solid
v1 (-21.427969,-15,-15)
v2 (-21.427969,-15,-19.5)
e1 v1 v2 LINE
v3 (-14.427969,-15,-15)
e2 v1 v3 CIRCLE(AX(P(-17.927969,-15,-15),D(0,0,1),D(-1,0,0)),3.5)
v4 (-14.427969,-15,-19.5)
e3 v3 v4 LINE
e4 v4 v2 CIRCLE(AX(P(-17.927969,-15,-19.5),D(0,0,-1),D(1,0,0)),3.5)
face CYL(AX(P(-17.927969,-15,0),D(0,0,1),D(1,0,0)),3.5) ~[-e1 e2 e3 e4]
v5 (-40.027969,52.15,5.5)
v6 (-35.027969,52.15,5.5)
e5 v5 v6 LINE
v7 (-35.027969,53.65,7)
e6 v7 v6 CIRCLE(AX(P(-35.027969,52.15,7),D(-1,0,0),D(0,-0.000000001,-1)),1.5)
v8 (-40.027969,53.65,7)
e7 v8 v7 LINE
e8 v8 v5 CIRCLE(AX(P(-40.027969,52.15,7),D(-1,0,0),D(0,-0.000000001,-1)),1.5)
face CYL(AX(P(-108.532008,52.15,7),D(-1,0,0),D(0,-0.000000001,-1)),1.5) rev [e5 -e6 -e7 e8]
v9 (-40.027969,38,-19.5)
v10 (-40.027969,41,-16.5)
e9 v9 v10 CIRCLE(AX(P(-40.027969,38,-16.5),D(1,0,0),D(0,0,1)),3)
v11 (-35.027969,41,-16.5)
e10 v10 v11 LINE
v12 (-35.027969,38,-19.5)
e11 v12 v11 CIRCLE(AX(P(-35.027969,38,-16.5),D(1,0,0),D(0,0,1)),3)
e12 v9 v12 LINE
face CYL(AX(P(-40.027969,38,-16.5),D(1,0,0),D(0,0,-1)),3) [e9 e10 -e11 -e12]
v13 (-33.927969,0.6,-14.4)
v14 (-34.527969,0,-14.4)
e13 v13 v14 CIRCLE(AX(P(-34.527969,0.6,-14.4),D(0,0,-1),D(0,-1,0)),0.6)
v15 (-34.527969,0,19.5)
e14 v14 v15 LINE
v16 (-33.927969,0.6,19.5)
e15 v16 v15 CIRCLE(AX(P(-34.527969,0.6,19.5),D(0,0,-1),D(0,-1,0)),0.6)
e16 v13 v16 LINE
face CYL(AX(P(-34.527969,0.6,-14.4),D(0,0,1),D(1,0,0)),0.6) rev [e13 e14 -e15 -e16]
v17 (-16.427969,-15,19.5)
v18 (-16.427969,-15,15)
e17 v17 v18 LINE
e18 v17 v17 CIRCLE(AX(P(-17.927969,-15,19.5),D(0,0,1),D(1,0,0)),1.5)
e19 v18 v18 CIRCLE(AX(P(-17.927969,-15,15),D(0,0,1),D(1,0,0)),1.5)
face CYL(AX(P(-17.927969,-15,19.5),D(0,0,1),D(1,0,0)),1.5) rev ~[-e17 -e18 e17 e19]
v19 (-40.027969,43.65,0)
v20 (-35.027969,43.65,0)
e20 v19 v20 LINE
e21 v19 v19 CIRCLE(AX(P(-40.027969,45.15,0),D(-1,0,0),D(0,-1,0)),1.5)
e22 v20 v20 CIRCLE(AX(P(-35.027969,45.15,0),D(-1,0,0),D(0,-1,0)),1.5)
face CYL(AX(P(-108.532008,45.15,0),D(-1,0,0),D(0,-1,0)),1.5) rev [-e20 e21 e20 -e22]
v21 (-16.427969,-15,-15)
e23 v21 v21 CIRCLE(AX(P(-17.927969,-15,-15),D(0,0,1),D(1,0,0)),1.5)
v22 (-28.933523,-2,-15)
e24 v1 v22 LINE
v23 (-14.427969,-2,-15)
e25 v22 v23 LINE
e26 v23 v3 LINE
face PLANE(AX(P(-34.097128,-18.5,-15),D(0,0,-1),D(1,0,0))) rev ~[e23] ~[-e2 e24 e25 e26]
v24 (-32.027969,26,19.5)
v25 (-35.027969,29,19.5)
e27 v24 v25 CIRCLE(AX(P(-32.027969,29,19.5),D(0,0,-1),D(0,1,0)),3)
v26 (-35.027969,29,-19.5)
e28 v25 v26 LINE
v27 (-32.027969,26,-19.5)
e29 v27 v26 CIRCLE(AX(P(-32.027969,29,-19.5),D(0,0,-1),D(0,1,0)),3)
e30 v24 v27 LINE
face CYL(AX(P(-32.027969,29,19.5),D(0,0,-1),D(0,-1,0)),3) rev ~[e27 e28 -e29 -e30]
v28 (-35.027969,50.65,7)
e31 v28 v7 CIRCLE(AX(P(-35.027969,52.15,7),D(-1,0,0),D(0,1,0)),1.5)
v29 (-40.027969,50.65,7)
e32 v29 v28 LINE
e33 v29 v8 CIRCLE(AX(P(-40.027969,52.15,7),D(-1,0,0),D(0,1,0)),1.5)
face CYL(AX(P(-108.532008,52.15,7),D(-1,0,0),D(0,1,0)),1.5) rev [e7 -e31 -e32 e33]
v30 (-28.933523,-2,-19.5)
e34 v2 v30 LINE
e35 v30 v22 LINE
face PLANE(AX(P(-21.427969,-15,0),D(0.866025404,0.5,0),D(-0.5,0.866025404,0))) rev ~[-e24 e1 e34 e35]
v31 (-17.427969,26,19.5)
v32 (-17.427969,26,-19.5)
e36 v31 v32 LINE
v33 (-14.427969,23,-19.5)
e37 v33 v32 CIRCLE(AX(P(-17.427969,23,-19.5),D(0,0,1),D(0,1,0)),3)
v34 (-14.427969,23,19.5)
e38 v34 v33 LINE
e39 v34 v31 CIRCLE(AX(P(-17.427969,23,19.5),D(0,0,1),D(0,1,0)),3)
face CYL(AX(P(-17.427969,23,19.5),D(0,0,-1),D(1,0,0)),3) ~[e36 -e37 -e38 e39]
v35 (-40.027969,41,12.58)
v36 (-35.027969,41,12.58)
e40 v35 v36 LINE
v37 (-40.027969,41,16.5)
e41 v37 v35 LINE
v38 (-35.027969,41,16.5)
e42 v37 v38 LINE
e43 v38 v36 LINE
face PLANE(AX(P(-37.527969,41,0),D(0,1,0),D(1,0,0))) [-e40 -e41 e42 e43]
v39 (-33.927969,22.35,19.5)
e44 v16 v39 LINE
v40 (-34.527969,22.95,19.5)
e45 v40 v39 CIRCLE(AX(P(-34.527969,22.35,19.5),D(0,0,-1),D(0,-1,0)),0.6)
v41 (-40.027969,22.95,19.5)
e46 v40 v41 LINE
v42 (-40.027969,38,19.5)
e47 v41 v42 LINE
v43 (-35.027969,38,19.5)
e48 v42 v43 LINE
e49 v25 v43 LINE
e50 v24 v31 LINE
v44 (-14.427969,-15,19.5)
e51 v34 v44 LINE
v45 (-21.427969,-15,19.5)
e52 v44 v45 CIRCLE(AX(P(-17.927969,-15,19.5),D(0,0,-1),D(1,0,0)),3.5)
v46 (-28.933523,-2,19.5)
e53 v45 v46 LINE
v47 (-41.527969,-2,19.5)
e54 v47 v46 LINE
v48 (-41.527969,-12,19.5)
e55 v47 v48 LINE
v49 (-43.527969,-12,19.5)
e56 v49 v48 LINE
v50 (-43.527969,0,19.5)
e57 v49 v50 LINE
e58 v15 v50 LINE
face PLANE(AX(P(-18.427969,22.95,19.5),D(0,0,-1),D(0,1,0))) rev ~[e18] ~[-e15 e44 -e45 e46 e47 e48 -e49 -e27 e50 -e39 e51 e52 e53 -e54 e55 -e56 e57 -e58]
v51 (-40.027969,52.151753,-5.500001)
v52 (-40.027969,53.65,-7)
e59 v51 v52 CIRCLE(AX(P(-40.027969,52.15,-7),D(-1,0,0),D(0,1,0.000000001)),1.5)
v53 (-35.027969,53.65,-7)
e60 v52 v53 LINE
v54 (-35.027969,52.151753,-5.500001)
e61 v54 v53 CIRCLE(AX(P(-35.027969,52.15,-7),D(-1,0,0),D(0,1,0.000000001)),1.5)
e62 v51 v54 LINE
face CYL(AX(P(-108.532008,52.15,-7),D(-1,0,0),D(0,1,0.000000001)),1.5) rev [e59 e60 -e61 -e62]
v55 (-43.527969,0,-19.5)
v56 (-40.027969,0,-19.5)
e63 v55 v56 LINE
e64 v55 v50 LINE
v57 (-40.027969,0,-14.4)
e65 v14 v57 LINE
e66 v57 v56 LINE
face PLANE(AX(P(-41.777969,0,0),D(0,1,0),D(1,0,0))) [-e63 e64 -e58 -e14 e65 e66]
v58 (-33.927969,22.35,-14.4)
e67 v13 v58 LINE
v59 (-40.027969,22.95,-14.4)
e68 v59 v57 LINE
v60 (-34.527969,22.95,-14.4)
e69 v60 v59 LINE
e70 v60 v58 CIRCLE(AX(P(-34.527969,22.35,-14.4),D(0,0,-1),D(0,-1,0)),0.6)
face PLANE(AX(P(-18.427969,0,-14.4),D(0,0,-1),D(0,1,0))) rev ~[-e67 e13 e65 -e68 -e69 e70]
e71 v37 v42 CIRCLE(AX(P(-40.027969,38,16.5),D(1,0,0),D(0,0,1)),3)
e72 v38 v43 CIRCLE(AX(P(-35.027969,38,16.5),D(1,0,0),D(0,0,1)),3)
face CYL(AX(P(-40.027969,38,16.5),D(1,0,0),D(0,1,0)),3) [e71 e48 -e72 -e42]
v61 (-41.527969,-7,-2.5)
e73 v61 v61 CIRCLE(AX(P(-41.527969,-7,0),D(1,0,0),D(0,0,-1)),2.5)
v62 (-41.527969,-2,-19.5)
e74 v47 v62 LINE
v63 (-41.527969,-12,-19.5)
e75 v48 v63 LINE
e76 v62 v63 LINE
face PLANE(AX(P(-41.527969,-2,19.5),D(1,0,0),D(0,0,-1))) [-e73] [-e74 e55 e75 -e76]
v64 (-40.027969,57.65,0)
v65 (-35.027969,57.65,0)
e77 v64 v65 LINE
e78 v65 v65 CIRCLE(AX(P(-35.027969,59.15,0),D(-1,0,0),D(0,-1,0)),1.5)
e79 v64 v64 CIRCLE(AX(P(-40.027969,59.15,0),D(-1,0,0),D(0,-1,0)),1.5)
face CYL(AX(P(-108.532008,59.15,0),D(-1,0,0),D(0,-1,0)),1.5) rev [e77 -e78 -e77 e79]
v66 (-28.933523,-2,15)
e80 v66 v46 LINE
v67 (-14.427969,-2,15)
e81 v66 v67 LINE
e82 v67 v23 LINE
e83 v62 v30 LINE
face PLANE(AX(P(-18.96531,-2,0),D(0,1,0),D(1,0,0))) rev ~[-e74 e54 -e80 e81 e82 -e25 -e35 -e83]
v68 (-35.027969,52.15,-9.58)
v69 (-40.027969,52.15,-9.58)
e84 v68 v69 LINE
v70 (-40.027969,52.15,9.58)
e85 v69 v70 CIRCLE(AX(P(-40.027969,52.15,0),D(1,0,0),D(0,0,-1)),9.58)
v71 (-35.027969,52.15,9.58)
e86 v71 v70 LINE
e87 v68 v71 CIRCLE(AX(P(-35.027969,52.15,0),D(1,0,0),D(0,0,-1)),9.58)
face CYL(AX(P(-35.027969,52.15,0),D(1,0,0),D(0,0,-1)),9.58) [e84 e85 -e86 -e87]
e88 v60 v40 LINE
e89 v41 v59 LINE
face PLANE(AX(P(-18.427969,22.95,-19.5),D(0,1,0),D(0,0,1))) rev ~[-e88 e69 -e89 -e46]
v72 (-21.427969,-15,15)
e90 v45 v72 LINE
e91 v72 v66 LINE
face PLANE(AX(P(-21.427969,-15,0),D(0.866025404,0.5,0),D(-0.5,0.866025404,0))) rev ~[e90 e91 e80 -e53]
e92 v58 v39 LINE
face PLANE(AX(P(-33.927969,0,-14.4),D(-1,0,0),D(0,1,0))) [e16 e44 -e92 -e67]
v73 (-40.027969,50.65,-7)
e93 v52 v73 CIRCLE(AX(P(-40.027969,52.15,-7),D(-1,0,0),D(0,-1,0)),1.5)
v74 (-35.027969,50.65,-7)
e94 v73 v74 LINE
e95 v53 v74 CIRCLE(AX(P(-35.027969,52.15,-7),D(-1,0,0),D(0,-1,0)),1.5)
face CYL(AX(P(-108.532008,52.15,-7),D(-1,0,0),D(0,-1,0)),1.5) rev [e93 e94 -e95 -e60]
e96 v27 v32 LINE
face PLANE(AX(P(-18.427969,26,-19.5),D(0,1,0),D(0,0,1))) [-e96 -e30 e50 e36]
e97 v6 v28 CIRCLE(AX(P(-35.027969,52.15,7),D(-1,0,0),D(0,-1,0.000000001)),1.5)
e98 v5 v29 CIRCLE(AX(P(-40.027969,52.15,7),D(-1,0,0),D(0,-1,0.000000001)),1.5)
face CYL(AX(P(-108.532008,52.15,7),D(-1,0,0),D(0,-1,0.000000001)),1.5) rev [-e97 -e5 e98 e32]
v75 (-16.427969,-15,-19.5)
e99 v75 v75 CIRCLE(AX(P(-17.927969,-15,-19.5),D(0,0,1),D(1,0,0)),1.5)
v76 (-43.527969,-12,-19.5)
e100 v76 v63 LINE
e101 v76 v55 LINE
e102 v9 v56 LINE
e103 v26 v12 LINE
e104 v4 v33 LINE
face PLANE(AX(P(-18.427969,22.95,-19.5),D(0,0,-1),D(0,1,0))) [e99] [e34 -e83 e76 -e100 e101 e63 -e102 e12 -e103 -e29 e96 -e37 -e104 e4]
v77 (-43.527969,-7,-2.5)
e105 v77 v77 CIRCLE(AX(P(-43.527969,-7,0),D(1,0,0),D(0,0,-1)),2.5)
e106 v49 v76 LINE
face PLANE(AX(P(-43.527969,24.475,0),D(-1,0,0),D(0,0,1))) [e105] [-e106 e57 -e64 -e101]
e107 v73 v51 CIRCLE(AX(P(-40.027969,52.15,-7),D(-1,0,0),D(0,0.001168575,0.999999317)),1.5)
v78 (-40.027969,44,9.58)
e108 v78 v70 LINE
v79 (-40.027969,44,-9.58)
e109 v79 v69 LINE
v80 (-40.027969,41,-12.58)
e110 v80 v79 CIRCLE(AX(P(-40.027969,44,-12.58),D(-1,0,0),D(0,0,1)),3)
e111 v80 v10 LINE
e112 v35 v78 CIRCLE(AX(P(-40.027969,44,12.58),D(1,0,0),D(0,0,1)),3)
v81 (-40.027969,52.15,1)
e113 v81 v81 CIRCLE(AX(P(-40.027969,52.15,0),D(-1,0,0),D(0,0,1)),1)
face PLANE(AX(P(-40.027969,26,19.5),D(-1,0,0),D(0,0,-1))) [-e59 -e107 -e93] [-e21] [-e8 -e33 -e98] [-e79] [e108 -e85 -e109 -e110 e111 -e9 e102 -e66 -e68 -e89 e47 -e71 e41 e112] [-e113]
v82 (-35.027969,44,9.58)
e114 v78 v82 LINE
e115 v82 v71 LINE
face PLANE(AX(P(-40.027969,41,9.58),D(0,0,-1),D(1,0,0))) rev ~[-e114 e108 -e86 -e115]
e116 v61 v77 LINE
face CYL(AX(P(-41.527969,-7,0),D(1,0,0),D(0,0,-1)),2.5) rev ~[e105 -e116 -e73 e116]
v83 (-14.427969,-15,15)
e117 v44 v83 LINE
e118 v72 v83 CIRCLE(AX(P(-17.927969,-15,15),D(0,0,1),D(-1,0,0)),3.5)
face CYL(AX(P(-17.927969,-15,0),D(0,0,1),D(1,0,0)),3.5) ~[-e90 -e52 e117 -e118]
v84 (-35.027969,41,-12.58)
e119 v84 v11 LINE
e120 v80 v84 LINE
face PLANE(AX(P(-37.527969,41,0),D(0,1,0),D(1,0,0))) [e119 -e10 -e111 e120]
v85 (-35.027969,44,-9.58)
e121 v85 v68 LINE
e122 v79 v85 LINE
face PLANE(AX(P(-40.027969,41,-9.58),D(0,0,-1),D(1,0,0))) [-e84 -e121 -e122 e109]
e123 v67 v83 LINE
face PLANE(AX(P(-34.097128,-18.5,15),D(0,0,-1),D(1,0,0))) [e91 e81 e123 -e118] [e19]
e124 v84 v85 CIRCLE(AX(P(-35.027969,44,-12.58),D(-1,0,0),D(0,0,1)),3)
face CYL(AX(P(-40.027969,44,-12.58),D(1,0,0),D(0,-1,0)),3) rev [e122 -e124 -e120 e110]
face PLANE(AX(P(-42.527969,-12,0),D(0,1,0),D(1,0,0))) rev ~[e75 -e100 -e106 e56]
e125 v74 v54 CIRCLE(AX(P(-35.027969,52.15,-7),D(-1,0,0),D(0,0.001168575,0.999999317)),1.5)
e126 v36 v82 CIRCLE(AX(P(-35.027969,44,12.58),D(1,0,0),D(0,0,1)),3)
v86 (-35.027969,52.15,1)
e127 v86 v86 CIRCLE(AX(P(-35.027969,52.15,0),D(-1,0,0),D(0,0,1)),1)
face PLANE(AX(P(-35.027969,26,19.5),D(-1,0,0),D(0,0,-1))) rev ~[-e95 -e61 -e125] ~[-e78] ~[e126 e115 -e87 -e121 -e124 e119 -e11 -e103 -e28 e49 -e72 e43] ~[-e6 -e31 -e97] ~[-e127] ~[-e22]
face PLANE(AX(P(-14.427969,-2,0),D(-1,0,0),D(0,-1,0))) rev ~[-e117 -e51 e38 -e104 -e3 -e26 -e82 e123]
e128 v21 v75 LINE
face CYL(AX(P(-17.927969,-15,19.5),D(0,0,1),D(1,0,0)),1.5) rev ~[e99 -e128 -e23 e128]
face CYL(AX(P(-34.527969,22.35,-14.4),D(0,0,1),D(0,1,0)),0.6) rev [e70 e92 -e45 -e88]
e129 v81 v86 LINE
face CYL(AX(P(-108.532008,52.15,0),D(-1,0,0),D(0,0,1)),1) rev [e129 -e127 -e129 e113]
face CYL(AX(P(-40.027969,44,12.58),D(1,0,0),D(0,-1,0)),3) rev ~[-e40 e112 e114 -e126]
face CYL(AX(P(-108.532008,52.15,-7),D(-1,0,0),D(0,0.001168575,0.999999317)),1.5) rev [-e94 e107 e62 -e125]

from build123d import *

# Parameters (mm, degrees)
BOSS_EXTRUDE1_DEPTH      = 19.5
SKETCH3_W                = 2
SKETCH3_H                = 39
BOSS_EXTRUDE2_DEPTH      = 10
SKETCH4_R                = 2.5
CUT_EXTRUDE3_DEPTH       = 10
SKETCH5_W                = 5.1
SKETCH5_H                = 22.95
BOSS_EXTRUDE3_DEPTH      = 25.1
SKETCH8_W                = 15.5
SKETCH8_H                = 22.95
BOSS_EXTRUDE4_DEPTH      = 33.9
BOSS_EXTRUDE5_DEPTH      = 19.5
SKETCH12_W               = 30.263636296
SKETCH12_H               = 30
CUT_EXTRUDE6_DEPTH       = 16.5
SKETCH13_R               = 1.5
CUT_EXTRUDE7_DEPTH       = 64.966273157
FILLET3_R                = 3
SKETCH16_W               = 39
SKETCH16_H               = 3.05
BOSS_EXTRUDE6_DEPTH      = 25.1
SKETCH17_W               = 5
SKETCH17_H               = 39
BOSS_EXTRUDE7_DEPTH      = 15
FILLET4_R                = 3
FILLET11_R               = 0.6
FILLET12_R               = 0.6
SKETCH18_W               = 5
SKETCH18_H               = 19.16
BOSS_EXTRUDE12_DEPTH     = 25.725
CUT_EXTRUDE13_DEPTH      = 73.504038681
CUT_EXTRUDE13_DEPTH_BACK = 73.504038681
CUT_EXTRUDE14_DEPTH      = 73.504038681
FILLET15_R               = 3
FILLET16_R               = 3
FILLET17_R               = 3
FILLET18_R               = 3
SKETCH23_W               = 3.5
SKETCH23_H               = 39
CUT_EXTRUDE15_DEPTH      = 26


with BuildPart() as part:
    # Sketch1 → Boss-Extrude1 (new, symmetric)
    with BuildSketch(Plane.XY):
        Polygon((-18.427969187, 26), (-18.427969187, 0), (-43.527969187, 0), (-43.527969187, -2), (-14.427969187, -2), (-14.427969187, 26), align=None)
    extrude(amount=BOSS_EXTRUDE1_DEPTH, both=True)

    # Sketch3 → Boss-Extrude2 (add)
    with BuildSketch(Plane(origin=(0, -2, 0), x_dir=(1, 0, 0), z_dir=(0, 1, 0))):
        with Locations((-42.527969187, 0)):
            Rectangle(SKETCH3_W, SKETCH3_H)
    extrude(amount=-BOSS_EXTRUDE2_DEPTH)

    # Sketch4 → Cut-Extrude3 (cut)
    with BuildSketch(Plane(origin=(-41.527969187, 0, 0), x_dir=(0, 0, -1), z_dir=(1, 0, 0))):
        with Locations((0, -7)):
            Circle(SKETCH4_R)
    extrude(amount=-CUT_EXTRUDE3_DEPTH, mode=Mode.SUBTRACT)

    # Sketch5 → Boss-Extrude3 (add)
    with BuildSketch(Plane.ZY.offset(18.427969187)):
        with Locations((-16.95, 11.475)):
            Rectangle(SKETCH5_W, SKETCH5_H)
    extrude(amount=BOSS_EXTRUDE3_DEPTH)

    # Sketch8 → Boss-Extrude4 (add)
    with BuildSketch(Plane.XY.offset(-14.4)):
        with Locations((-26.177969187, 11.475)):
            Rectangle(SKETCH8_W, SKETCH8_H)
    extrude(amount=BOSS_EXTRUDE4_DEPTH)

    # Sketch11 → Boss-Extrude5 (add, symmetric)
    with BuildSketch(Plane.XY):
        with BuildLine():
            Line((-14.427969187, -2), (-14.427969187, -15))
            ThreePointArc((-14.427969187, -15), (-17.927969187, -18.5), (-21.427969187, -15))
            Line((-21.427969187, -15), (-28.933522687, -2))
            Line((-28.933522687, -2), (-14.427969187, -2))
        make_face()
    extrude(amount=BOSS_EXTRUDE5_DEPTH, both=True)

    # Sketch12 → Cut-Extrude6 (cut)
    with BuildSketch(Plane(origin=(0, -18.5, 0), x_dir=(1, 0, 0), z_dir=(0, 1, 0))):
        with Locations((-18.965310336, 0)):
            Rectangle(SKETCH12_W, SKETCH12_H)
    extrude(amount=CUT_EXTRUDE6_DEPTH, mode=Mode.SUBTRACT)

    # Sketch13 → Cut-Extrude7 (cut, through all)
    with BuildSketch(Plane.XY.offset(19.5)):
        with Locations((-17.927969187, -15)):
            Circle(SKETCH13_R)
    extrude(amount=-CUT_EXTRUDE7_DEPTH, mode=Mode.SUBTRACT)

    # Fillet3
    fillet3_edges = [part.edges().sort_by_distance(p)[0] for p in [
        (-14.427969187, 26, 0),
    ]]
    fillet(fillet3_edges, radius=FILLET3_R)

    # Sketch16 → Boss-Extrude6 (add)
    with BuildSketch(Plane.ZY.offset(18.427969187)):
        with Locations((0, 24.475)):
            Rectangle(SKETCH16_W, SKETCH16_H)
    extrude(amount=BOSS_EXTRUDE6_DEPTH)

    # Sketch17 → Boss-Extrude7 (add)
    with BuildSketch(Plane(origin=(0, 26, 0), x_dir=(1, 0, 0), z_dir=(0, 1, 0))):
        with Locations((-37.527969187, 0)):
            Rectangle(SKETCH17_W, SKETCH17_H)
    extrude(amount=BOSS_EXTRUDE7_DEPTH)

    # Fillet4
    fillet4_edges = [part.edges().sort_by_distance(p)[0] for p in [
        (-35.027969187, 26, 0),
    ]]
    fillet(fillet4_edges, radius=FILLET4_R)

    # Fillet11
    fillet11_edges = [part.edges().sort_by_distance(p)[0] for p in [
        (-33.927969187, 22.95, 2.55),
    ]]
    fillet(fillet11_edges, radius=FILLET11_R)

    # Fillet12
    fillet12_edges = [part.edges().sort_by_distance(p)[0] for p in [
        (-33.927969187, 0, 2.55),
    ]]
    fillet(fillet12_edges, radius=FILLET12_R)

    # Sketch18 → Boss-Extrude12 (add)
    with BuildSketch(Plane(origin=(0, 41, 0), x_dir=(1, 0, 0), z_dir=(0, 1, 0))):
        with Locations((-37.527969187, 0)):
            Rectangle(SKETCH18_W, SKETCH18_H)
    extrude(amount=BOSS_EXTRUDE12_DEPTH)

    # Sketch20 → Cut-Extrude13 (cut, two sides: drawn at the far end of the back side and taken through both)
    with BuildSketch(Plane(origin=(-35.027969187, 0, 0), x_dir=(0, 0, -1), z_dir=(1, 0, 0)).offset(-CUT_EXTRUDE13_DEPTH_BACK)):
        with BuildLine():
            ThreePointArc((0, 46.65), (-1.5, 45.15), (0, 43.65))
            ThreePointArc((0, 43.65), (1.5, 45.15), (0, 46.65))
        make_face()
        with BuildLine():
            ThreePointArc((-7, 53.65), (-8.5, 52.15), (-7, 50.65))
            ThreePointArc((-7, 50.65), (-5.939339828, 51.089339828), (-5.5, 52.15))
            ThreePointArc((-5.5, 52.15), (-5.939339828, 53.210660172), (-7, 53.65))
        make_face()
        with BuildLine():
            ThreePointArc((0, 60.65), (-1.5, 59.15), (0, 57.65))
            ThreePointArc((0, 57.65), (1.5, 59.15), (0, 60.65))
        make_face()
        with BuildLine():
            ThreePointArc((7, 53.65), (5.939959741, 53.211279722), (5.500001024, 52.151752864))
            ThreePointArc((5.500001024, 52.151752864), (5.938720278, 51.089959741), (7, 50.65))
            ThreePointArc((7, 50.65), (8.5, 52.15), (7, 53.65))
        make_face()
        with BuildLine():
            ThreePointArc((1, 52.15), (0, 53.15), (-1, 52.15))
            ThreePointArc((-1, 52.15), (0, 51.15), (1, 52.15))
        make_face()
    extrude(amount=CUT_EXTRUDE13_DEPTH + CUT_EXTRUDE13_DEPTH_BACK, mode=Mode.SUBTRACT)

    # Sketch21 → Cut-Extrude14 (cut, through all)
    with BuildSketch(Plane(origin=(-35.027969187, 0, 0), x_dir=(0, 0, -1), z_dir=(1, 0, 0))):
        with BuildLine():
            Line((-9.58, 66.725), (9.58, 66.725))
            Line((9.58, 66.725), (9.58, 52.15))
            ThreePointArc((9.58, 52.15), (0, 61.73), (-9.58, 52.15))
            Line((-9.58, 52.15), (-9.58, 66.725))
        make_face()
    extrude(amount=-CUT_EXTRUDE14_DEPTH, mode=Mode.SUBTRACT)

    # Fillet15
    fillet15_edges = [part.edges().sort_by_distance(p)[0] for p in [
        (-37.527969187, 41, 9.58),
    ]]
    fillet(fillet15_edges, radius=FILLET15_R)

    # Fillet16
    fillet16_edges = [part.edges().sort_by_distance(p)[0] for p in [
        (-37.527969187, 41, 19.5),
    ]]
    fillet(fillet16_edges, radius=FILLET16_R)

    # Fillet17
    fillet17_edges = [part.edges().sort_by_distance(p)[0] for p in [
        (-37.527969187, 41, -19.5),
    ]]
    fillet(fillet17_edges, radius=FILLET17_R)

    # Fillet18
    fillet18_edges = [part.edges().sort_by_distance(p)[0] for p in [
        (-37.527969187, 41, -9.58),
    ]]
    fillet(fillet18_edges, radius=FILLET18_R)

    # Sketch23 → Cut-Extrude15 (cut)
    with BuildSketch(Plane(origin=(0, 26, 0), x_dir=(1, 0, 0), z_dir=(0, 1, 0))):
        with Locations((-41.777969187, 0)):
            Rectangle(SKETCH23_W, SKETCH23_H)
    extrude(amount=-CUT_EXTRUDE15_DEPTH, mode=Mode.SUBTRACT)


solid = part.part
